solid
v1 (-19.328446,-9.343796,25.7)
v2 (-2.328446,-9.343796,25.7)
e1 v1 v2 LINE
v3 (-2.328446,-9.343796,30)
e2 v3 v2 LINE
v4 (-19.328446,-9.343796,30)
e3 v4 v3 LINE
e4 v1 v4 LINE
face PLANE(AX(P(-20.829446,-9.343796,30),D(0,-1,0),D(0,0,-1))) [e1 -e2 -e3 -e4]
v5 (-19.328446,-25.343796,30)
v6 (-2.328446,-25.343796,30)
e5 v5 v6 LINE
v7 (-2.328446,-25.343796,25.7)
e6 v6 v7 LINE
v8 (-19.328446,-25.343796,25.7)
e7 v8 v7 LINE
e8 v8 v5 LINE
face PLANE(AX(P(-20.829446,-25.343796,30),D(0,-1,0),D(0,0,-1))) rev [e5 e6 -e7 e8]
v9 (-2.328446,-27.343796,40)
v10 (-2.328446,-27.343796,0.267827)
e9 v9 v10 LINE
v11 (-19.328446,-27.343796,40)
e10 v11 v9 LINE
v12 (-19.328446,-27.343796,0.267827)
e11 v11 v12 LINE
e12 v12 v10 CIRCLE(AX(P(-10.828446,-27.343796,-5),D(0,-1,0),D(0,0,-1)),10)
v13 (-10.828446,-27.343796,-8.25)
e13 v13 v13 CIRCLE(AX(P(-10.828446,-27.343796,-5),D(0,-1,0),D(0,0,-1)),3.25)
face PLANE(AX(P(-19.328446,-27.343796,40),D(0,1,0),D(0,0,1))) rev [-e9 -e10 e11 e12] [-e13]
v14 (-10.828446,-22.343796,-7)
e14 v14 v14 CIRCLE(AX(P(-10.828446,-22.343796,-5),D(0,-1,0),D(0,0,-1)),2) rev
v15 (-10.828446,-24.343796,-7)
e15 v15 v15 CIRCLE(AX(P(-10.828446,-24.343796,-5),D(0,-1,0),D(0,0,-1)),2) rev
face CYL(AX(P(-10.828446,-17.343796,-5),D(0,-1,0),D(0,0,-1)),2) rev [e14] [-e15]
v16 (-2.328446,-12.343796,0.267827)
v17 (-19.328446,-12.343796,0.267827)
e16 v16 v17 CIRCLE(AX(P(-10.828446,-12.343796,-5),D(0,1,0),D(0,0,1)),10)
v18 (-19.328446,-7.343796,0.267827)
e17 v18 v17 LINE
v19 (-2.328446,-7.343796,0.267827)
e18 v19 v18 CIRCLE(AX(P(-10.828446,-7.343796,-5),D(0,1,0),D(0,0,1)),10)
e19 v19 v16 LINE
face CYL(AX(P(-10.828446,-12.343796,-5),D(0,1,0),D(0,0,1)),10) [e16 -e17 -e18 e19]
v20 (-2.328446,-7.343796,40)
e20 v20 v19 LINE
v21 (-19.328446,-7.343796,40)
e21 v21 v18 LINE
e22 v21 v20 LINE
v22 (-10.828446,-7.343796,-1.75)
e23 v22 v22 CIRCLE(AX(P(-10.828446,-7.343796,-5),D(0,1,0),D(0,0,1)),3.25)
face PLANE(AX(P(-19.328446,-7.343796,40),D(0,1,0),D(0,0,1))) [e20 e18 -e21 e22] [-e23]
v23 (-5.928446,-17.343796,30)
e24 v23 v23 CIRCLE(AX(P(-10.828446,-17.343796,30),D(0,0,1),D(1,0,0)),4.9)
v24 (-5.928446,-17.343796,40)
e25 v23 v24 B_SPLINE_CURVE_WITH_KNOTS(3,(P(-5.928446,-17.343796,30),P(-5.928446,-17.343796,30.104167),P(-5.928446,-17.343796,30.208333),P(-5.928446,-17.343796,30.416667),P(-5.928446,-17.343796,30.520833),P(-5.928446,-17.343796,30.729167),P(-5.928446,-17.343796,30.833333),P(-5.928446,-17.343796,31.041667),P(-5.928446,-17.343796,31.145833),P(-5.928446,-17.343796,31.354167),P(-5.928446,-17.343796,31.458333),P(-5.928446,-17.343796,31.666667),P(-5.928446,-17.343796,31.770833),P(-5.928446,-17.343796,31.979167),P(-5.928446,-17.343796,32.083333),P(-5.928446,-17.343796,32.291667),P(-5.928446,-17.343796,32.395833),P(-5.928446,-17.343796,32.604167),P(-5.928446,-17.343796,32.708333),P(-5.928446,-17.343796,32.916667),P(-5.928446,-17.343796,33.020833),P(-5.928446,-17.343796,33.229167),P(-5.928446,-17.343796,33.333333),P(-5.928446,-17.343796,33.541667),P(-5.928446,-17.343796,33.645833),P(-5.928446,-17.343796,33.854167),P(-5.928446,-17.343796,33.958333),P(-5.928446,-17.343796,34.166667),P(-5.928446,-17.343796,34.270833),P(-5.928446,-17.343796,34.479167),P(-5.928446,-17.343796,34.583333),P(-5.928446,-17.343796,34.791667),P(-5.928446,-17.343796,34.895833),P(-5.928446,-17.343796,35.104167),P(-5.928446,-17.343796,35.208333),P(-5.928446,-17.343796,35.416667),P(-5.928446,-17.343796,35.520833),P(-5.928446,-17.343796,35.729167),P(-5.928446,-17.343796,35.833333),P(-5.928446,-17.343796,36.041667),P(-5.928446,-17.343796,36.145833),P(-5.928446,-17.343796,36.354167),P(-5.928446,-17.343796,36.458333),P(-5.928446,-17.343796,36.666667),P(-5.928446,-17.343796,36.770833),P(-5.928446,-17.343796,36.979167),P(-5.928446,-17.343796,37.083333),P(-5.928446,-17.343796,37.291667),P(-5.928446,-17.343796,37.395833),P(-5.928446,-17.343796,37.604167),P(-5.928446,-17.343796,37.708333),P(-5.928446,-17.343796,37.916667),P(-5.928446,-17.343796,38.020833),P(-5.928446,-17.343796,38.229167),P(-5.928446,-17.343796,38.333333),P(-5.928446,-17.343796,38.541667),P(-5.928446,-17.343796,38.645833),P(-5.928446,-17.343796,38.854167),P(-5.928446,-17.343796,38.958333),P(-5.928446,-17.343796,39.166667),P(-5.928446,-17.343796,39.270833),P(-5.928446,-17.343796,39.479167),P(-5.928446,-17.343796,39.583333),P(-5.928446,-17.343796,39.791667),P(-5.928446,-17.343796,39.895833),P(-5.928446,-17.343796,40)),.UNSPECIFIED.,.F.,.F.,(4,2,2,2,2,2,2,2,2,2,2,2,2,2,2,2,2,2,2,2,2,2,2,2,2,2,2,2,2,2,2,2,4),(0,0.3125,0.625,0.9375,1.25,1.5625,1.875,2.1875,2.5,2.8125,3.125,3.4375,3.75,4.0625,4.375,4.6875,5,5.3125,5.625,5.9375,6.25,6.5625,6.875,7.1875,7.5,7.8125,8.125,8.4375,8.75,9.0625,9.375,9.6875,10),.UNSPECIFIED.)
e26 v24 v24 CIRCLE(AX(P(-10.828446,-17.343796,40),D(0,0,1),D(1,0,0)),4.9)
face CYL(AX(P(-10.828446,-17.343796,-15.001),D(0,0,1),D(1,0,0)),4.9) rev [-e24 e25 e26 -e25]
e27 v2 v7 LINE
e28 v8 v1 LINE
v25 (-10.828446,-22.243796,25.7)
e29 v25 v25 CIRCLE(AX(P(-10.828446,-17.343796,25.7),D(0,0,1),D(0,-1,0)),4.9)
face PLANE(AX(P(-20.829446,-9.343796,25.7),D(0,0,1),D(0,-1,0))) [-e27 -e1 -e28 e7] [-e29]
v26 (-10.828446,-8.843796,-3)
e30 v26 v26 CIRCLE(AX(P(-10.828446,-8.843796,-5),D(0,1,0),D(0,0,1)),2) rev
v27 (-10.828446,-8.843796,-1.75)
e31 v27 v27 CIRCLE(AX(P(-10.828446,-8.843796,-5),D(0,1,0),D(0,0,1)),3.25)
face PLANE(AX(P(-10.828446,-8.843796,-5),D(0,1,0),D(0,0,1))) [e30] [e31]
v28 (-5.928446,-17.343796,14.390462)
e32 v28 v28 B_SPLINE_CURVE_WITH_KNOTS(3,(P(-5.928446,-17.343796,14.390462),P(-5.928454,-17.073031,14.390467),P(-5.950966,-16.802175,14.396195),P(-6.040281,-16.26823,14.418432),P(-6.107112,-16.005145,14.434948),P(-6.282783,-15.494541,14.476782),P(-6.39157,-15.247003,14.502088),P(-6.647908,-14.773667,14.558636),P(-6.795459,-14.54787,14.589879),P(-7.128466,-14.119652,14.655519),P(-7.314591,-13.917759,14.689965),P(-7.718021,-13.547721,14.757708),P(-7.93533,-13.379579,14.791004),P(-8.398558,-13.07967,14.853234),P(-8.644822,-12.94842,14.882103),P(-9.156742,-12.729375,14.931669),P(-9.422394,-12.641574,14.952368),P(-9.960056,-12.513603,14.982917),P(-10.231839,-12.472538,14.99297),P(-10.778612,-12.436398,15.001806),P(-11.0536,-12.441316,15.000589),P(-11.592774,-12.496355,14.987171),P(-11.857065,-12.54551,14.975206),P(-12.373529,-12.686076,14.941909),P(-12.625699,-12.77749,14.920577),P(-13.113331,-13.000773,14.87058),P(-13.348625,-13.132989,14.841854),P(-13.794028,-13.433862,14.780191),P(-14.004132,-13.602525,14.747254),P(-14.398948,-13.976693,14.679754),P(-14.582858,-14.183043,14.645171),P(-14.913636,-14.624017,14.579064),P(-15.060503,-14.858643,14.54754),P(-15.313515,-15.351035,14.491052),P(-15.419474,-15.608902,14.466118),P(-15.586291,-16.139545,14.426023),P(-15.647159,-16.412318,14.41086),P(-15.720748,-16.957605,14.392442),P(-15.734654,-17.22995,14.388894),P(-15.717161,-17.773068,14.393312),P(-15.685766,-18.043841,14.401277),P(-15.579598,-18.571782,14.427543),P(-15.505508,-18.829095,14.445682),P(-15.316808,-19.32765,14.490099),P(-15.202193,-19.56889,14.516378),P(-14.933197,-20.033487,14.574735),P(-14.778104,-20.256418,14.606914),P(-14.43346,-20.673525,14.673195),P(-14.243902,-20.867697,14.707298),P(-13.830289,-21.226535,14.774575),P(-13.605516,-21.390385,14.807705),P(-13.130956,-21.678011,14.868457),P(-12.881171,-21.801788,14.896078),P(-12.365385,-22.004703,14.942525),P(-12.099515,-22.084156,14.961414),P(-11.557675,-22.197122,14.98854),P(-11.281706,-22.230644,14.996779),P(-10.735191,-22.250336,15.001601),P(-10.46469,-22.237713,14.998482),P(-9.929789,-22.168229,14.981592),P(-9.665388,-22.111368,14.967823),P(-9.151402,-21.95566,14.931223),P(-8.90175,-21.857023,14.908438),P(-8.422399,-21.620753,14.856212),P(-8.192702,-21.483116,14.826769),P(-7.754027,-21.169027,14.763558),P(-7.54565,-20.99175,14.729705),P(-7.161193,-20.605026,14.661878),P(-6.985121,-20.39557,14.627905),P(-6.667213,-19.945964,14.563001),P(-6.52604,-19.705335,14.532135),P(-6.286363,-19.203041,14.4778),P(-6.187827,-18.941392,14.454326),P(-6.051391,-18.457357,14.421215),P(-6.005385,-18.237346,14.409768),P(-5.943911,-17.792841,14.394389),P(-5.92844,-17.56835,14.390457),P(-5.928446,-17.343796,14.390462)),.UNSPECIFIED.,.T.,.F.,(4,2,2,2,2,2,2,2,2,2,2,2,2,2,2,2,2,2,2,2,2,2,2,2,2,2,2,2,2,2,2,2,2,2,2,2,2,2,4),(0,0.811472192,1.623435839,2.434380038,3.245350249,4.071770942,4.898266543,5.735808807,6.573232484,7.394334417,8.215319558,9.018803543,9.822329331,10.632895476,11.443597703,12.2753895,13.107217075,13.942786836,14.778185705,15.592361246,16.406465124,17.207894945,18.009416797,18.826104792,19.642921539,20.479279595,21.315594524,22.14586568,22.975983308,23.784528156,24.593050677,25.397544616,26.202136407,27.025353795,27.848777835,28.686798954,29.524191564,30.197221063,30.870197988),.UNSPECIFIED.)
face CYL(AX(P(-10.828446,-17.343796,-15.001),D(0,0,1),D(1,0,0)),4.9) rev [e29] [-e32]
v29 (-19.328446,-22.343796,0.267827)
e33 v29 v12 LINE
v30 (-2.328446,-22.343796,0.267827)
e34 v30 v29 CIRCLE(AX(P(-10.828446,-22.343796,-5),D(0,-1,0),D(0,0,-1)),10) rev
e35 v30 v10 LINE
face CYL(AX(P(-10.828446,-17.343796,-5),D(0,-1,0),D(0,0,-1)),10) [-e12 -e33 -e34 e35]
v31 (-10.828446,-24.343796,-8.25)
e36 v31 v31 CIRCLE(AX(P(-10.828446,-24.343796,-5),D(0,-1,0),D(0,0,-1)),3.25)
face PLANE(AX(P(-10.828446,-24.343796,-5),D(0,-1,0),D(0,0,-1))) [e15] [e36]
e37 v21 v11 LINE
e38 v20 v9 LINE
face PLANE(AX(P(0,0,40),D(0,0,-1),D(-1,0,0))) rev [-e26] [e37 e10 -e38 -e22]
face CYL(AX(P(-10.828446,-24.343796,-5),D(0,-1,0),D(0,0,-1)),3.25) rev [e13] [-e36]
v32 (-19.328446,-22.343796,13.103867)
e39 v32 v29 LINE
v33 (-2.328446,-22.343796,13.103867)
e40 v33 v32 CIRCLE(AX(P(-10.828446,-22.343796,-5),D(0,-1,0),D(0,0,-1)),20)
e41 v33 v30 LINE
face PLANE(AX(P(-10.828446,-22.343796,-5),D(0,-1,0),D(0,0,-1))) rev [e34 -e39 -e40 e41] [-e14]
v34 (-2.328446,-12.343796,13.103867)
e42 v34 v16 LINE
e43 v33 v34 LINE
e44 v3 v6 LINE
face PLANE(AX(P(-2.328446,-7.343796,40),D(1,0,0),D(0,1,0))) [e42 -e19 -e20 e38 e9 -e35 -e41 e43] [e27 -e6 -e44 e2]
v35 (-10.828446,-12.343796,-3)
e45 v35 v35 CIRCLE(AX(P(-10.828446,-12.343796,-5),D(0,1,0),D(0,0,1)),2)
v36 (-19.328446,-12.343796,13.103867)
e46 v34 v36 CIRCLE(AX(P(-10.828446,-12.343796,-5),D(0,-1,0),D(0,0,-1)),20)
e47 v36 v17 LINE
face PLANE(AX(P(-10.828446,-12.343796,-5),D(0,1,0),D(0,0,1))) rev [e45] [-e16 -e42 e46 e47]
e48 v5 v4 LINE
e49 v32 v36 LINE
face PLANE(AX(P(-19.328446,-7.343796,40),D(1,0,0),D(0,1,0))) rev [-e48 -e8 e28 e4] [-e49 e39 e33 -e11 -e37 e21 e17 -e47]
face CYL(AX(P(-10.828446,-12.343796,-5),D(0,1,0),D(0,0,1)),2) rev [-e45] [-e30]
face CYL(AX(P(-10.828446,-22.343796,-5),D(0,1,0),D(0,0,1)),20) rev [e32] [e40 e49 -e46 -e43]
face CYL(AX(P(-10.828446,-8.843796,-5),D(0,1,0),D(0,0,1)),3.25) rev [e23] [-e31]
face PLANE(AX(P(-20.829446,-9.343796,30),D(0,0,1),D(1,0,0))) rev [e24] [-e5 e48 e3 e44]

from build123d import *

# Parameters (mm, degrees)
SKETCH_1_W               = 17
SKETCH_1_H               = 20
EXTRUDE_1_DEPTH          = 40
SKETCH_3_R               = 10
SKETCH_3_R_2             = 2
EXTRUDE_2_DEPTH          = 10
EXTRUDE_START            = -5
SKETCH_4_R               = 10
SKETCH_4_R_2             = 2
EXTRUDE_3_DEPTH          = 5
SKETCH_5_R               = 20
CUT_EXTRUDE_1_DEPTH      = 10
CUT_EXTRUDE_2_REACH      = 66.858
CUT_EXTRUDE_2_END_RADIUS = 20
SKETCH_6_R               = 4.9
CUT_EXTRUDE_3_REACH      = 53.865
SKETCH_7_W               = 4.3
SKETCH_7_H               = 16
SKETCH_8_R               = 3.25
CUT_EXTRUDE_4_DEPTH      = 3
CUT_EXTRUDE_START        = -1.5
SKETCH_9_R               = 3.25
CUT_EXTRUDE_5_DEPTH      = 1.5


with BuildPart() as part:
    # 草图1 → 凸台-拉伸1 (new body)
    with BuildSketch(Plane.XY):
        with Locations((-10.828446216, -17.343796091)):
            Rectangle(SKETCH_1_W, SKETCH_1_H)
    extrude(amount=EXTRUDE_1_DEPTH)

    # 草图3 → 凸台-拉伸2 (add)
    with BuildSketch(Plane.XZ.offset(27.343796091)):
        with Locations((-10.828446216, -5)):
            Circle(SKETCH_3_R)
        with Locations(Location((-10.828446216, -5, 0), (0, 0, 270))):
            Circle(SKETCH_3_R_2, mode=Mode.SUBTRACT)
    extrude(amount=-EXTRUDE_2_DEPTH)

    # 草图4 → 凸台-拉伸3 (add)
    with BuildSketch(Plane(origin=(0, -7.343796091, 0), x_dir=(1, 0, 0), z_dir=(0, 1, 0)).offset(EXTRUDE_START)):
        with Locations((-10.828446216, 5)):
            Circle(SKETCH_4_R)
        with Locations(Location((-10.828446216, 5, 0), (0, 0, 90))):
            Circle(SKETCH_4_R_2, mode=Mode.SUBTRACT)
    extrude(amount=EXTRUDE_3_DEPTH)

    # 草图5 → 切除-拉伸1 (cut)
    with BuildSketch(Plane.XZ.offset(12.343796091)):
        with Locations((-10.828446216, -5)):
            Circle(SKETCH_5_R)
    extrude(amount=CUT_EXTRUDE_1_DEPTH, mode=Mode.SUBTRACT)

    # 切除-拉伸2: up to this cylinder (the profile starts outside it)
    cut_extrude_2_end = Plane(origin=(-10.828446216, -17.343796, -5), z_dir=(0, 1, 0)) * Cylinder(CUT_EXTRUDE_2_END_RADIUS, 174.716, mode=Mode.PRIVATE)
    # 草图6 → 切除-拉伸2 (cut, up to the surface)
    with BuildSketch(Plane.XY.offset(40), mode=Mode.PRIVATE) as cut_extrude_2_sk1:
        with Locations((-10.828446216, -17.343796091)):
            Circle(SKETCH_6_R)
    cut_extrude_2_tool1 = extrude(cut_extrude_2_sk1.sketch, amount=-CUT_EXTRUDE_2_REACH, mode=Mode.PRIVATE) - cut_extrude_2_end
    add(cut_extrude_2_tool1.solids().sort_by_distance((-10.828446, -17.343796, 40))[0], mode=Mode.SUBTRACT)

    # 草图7 → 切除-拉伸3 (cut, up to next)
    with BuildSketch(Plane(origin=(-2.328446216, 0, 0), x_dir=(0, 0, -1), z_dir=(1, 0, 0)), mode=Mode.PRIVATE) as cut_extrude_3_sk1:
        with Locations((-27.85, -17.343796091)):
            Rectangle(SKETCH_7_W, SKETCH_7_H)
    cut_extrude_3_tool1 = extrude(cut_extrude_3_sk1.sketch, amount=-CUT_EXTRUDE_3_REACH, mode=Mode.PRIVATE) & part.part
    add(cut_extrude_3_tool1.solids().sort_by_distance((-2.328446, -17.343796, 27.85))[0], mode=Mode.SUBTRACT)

    # 草图8 → 切除-拉伸4 (cut)
    with BuildSketch(Plane.XZ.offset(27.343796091)):
        with Locations(Location((-10.828446216, -5, 0), (0, 0, 270))):
            Circle(SKETCH_8_R)
    extrude(amount=-CUT_EXTRUDE_4_DEPTH, mode=Mode.SUBTRACT)

    # 草图9 → 切除-拉伸5 (cut)
    with BuildSketch(Plane(origin=(0, -7.343796091, 0), x_dir=(1, 0, 0), z_dir=(0, 1, 0)).offset(CUT_EXTRUDE_START)):
        with Locations(Location((-10.828446216, 5, 0), (0, 0, 90))):
            Circle(SKETCH_9_R)
    extrude(amount=CUT_EXTRUDE_5_DEPTH, mode=Mode.SUBTRACT)


solid = part.part
